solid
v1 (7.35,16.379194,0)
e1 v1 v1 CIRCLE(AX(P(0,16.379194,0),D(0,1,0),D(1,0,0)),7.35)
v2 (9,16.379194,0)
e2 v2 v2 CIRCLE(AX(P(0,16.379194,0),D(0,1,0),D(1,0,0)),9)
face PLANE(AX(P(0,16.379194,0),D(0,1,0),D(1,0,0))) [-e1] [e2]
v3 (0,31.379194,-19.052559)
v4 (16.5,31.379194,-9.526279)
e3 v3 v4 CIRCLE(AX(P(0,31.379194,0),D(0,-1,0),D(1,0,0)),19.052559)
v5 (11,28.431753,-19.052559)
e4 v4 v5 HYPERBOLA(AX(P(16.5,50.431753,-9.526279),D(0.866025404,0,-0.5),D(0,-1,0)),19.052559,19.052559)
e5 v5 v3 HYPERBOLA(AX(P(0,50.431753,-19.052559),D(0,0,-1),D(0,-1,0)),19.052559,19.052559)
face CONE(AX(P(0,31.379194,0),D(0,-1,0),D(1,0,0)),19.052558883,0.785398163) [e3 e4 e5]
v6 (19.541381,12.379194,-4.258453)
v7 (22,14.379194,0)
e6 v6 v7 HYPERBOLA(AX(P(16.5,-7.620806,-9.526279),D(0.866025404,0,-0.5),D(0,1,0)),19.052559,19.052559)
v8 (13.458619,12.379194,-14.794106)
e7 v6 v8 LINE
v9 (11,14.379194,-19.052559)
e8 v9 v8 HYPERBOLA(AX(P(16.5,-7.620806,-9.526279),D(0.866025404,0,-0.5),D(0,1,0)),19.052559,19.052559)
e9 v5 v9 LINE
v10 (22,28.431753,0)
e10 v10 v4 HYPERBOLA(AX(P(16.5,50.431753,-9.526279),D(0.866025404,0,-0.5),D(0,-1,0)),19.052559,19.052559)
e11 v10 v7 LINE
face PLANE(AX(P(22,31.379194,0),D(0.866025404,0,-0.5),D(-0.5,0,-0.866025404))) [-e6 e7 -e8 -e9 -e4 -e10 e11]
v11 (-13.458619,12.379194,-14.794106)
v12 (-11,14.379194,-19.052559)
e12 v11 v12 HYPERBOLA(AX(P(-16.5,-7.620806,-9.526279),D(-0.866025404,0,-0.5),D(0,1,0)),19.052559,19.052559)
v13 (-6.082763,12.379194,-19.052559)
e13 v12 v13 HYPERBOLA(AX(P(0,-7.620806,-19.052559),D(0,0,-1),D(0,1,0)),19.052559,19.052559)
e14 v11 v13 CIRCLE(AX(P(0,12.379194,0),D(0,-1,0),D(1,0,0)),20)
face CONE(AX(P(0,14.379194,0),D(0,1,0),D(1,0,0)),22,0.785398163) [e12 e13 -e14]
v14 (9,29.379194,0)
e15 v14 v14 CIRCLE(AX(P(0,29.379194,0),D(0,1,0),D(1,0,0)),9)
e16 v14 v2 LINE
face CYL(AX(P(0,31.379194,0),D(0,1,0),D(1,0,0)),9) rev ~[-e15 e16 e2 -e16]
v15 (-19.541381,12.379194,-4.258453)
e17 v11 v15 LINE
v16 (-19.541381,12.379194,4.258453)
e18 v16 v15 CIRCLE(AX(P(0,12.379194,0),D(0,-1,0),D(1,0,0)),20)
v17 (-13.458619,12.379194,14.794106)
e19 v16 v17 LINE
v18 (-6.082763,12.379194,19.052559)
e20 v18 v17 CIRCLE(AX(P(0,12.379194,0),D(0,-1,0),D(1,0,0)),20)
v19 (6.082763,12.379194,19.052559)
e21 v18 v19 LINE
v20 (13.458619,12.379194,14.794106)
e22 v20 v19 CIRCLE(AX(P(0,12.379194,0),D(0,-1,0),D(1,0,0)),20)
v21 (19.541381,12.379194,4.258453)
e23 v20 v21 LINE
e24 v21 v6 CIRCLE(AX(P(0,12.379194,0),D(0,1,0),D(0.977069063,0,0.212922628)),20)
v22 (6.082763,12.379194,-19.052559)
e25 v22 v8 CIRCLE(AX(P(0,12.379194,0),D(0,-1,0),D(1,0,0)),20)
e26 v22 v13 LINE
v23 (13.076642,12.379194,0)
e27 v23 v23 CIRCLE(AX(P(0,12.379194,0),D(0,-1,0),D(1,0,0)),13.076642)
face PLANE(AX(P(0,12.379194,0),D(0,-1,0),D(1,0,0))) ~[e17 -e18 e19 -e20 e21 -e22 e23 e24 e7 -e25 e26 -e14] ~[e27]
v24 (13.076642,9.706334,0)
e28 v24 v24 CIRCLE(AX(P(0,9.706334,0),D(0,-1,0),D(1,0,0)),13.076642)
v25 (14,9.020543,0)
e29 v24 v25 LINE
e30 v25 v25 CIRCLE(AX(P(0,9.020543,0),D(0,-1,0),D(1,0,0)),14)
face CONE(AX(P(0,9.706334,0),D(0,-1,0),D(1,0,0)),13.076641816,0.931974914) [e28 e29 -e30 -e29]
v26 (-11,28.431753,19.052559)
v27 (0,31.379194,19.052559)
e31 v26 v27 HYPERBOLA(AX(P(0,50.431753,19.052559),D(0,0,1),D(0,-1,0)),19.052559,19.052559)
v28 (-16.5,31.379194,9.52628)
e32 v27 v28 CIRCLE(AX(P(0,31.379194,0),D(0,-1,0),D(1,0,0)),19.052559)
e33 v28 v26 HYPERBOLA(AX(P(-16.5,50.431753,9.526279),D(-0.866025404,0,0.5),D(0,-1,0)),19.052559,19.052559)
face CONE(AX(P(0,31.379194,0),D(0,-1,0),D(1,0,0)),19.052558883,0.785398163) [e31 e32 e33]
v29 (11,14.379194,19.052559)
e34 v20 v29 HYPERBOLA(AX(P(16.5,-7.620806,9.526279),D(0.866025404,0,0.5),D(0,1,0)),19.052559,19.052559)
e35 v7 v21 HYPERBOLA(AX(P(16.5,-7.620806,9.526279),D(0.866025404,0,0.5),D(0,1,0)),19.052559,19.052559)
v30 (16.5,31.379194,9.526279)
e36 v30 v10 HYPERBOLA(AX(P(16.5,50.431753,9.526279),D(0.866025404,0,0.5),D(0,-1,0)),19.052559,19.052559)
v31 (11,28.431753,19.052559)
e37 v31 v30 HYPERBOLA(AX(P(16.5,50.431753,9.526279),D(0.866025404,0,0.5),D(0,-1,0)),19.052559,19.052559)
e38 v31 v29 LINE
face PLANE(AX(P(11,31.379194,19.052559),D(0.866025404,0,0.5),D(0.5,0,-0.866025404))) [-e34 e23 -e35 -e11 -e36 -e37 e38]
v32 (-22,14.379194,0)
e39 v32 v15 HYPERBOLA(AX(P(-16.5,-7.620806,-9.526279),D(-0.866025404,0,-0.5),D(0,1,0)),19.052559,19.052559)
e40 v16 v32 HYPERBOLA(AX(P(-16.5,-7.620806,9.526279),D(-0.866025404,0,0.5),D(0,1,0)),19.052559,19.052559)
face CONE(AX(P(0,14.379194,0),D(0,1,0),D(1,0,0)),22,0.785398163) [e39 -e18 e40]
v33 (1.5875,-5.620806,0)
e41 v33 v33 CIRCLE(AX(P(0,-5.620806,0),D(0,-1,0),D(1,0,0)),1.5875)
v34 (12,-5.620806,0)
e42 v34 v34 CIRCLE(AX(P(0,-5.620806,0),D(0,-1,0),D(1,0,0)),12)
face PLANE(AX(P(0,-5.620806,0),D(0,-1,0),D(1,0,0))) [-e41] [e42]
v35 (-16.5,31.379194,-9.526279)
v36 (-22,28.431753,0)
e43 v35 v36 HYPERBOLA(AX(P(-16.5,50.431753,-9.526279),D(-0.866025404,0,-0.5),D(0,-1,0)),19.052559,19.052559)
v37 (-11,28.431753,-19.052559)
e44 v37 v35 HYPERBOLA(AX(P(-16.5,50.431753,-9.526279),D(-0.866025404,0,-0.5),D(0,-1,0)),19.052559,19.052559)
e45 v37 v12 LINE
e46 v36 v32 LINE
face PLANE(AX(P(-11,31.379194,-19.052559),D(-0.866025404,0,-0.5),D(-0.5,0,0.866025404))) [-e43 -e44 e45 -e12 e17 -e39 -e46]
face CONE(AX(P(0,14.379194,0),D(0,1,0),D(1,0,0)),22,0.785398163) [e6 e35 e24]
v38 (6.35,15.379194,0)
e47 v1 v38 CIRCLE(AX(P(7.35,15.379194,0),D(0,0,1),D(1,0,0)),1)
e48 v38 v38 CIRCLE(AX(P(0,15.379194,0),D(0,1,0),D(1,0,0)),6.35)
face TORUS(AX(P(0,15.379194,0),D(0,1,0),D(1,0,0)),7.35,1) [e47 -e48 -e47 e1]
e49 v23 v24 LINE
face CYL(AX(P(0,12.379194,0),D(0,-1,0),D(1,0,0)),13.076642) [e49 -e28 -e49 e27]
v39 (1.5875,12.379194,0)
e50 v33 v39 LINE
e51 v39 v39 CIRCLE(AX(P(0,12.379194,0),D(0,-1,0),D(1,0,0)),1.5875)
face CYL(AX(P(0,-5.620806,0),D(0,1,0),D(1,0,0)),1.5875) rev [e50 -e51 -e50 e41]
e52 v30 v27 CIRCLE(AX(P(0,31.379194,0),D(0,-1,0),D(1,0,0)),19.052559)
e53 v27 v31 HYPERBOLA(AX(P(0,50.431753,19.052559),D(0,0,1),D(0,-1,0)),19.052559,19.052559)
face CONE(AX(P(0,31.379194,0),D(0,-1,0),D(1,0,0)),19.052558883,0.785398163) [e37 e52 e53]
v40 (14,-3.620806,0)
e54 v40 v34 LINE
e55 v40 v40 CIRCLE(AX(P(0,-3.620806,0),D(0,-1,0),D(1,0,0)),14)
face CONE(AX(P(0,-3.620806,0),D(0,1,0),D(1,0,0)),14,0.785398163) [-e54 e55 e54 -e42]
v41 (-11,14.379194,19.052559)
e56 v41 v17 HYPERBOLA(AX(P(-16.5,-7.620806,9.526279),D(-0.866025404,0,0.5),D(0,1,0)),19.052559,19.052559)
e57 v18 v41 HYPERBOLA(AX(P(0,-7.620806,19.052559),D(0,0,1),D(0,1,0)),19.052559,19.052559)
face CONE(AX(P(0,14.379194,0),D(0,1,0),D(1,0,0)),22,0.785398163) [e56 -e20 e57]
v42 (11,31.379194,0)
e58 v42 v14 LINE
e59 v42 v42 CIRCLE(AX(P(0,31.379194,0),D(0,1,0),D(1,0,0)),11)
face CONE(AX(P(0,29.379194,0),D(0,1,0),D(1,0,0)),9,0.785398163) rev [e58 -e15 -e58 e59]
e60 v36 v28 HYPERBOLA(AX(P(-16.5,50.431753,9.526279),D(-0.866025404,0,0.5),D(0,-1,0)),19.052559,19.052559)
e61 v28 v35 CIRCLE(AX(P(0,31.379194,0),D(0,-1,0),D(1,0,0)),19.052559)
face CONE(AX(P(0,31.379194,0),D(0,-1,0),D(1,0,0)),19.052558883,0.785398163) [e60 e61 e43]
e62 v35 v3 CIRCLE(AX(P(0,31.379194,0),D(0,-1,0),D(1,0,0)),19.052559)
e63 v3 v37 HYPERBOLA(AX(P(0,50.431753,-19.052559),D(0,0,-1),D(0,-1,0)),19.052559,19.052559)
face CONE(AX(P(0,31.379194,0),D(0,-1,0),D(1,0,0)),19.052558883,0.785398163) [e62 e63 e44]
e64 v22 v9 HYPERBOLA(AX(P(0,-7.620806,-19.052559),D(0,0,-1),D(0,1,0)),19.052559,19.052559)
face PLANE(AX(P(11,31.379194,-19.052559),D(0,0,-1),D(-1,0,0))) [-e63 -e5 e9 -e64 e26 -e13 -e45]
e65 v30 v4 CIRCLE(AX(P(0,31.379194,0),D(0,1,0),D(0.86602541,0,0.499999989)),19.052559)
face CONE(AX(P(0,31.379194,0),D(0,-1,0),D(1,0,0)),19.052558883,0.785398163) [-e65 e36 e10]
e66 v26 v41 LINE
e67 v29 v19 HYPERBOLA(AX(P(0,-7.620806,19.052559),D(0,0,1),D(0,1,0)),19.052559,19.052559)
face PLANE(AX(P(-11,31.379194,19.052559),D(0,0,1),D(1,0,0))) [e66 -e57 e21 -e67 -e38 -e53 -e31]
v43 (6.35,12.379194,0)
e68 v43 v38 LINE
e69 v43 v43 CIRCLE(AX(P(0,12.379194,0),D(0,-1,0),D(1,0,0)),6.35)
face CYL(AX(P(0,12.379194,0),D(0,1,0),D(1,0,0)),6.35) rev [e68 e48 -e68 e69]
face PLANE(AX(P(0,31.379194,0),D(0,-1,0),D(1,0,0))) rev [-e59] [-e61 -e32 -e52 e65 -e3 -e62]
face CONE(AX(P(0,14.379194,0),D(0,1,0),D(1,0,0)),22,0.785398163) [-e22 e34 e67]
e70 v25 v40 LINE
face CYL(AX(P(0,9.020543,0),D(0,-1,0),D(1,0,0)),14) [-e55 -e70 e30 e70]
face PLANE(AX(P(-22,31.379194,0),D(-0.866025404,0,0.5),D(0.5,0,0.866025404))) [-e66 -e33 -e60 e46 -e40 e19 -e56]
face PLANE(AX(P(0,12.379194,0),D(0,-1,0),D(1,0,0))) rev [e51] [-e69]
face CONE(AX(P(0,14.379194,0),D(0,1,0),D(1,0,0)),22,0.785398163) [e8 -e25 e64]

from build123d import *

# Parameters (mm, degrees)
CROQUIS4_OUTSIDE_W    = 60.478
CROQUIS4_OUTSIDE_H    = 60.478
CORTAR_EXTRUIR6_DEPTH = 70
CROQUIS5_OUTSIDE_W    = 199.794
CROQUIS5_OUTSIDE_H    = 193.9
CROQUIS5_OUTSIDE_R    = 19.052558883
CORTAR_EXTRUIR7_DEPTH = 70
CORTAR_EXTRUIR7_TAPER = 45
CROQUIS6_R            = 9
CORTAR_EXTRUIR8_DEPTH = 15
CHAFL_N1_SIZE         = 2
REDONDEO1_R           = 1


with BuildPart() as part:
    # Croquis1 → Revolución1 (revolve)
    with BuildSketch(Plane.XY):
        Polygon((6.35, 31.379194031), (20, 31.379194031), (22, 29.379194031), (22, 14.379194031), (20, 12.379194031), (14, 12.379194031), (13.076641816, 12.379194031), (13.076641816, 9.706334079), (14, 9.020543495), (14, -3.620805969), (12, -5.620805969), (1.5875, -5.620805969), (1.5875, 12.379194031), (6.35, 12.379194031), align=None)
    revolve(axis=Axis((0, 51.930492424, 0), (0, -1, 0)))

    # Croquis4 outside → Cortar-Extruir6 (cut)
    with BuildSketch(Plane(origin=(0, 31.379194031, 0), x_dir=(1, 0, 0), z_dir=(0, 1, 0))):
        Rectangle(CROQUIS4_OUTSIDE_W, CROQUIS4_OUTSIDE_H)
        Polygon((22, 0), (11, 19.052558883), (-11, 19.052558883), (-22, 0), (-11, -19.052558883), (11, -19.052558883), align=None, mode=Mode.SUBTRACT)
    extrude(amount=-CORTAR_EXTRUIR6_DEPTH, mode=Mode.SUBTRACT)

    # Croquis5 outside → Cortar-Extruir7 (cut)
    with BuildSketch(Plane(origin=(0, 31.379194031, 0), x_dir=(1, 0, 0), z_dir=(0, 1, 0))):
        Rectangle(CROQUIS5_OUTSIDE_W, CROQUIS5_OUTSIDE_H)
        Circle(CROQUIS5_OUTSIDE_R, mode=Mode.SUBTRACT)
    extrude(amount=-CORTAR_EXTRUIR7_DEPTH, taper=CORTAR_EXTRUIR7_TAPER, mode=Mode.SUBTRACT)

    # Croquis6 → Cortar-Extruir8 (cut)
    with BuildSketch(Plane(origin=(0, 31.379194031, 0), x_dir=(1, 0, 0), z_dir=(0, 1, 0))):
        Circle(CROQUIS6_R)
    extrude(amount=-CORTAR_EXTRUIR8_DEPTH, mode=Mode.SUBTRACT)

    # Chaflán1
    chafl_n1_edges = [part.edges().sort_by_distance(p)[0] for p in [
        (-9, 31.379194031, 0),
    ]]
    chamfer(chafl_n1_edges, length=CHAFL_N1_SIZE)

    # Redondeo1
    redondeo1_edges = [part.edges().sort_by_distance(p)[0] for p in [
        (-6.35, 16.379194031, 0),
    ]]
    fillet(redondeo1_edges, radius=REDONDEO1_R)


solid = part.part
